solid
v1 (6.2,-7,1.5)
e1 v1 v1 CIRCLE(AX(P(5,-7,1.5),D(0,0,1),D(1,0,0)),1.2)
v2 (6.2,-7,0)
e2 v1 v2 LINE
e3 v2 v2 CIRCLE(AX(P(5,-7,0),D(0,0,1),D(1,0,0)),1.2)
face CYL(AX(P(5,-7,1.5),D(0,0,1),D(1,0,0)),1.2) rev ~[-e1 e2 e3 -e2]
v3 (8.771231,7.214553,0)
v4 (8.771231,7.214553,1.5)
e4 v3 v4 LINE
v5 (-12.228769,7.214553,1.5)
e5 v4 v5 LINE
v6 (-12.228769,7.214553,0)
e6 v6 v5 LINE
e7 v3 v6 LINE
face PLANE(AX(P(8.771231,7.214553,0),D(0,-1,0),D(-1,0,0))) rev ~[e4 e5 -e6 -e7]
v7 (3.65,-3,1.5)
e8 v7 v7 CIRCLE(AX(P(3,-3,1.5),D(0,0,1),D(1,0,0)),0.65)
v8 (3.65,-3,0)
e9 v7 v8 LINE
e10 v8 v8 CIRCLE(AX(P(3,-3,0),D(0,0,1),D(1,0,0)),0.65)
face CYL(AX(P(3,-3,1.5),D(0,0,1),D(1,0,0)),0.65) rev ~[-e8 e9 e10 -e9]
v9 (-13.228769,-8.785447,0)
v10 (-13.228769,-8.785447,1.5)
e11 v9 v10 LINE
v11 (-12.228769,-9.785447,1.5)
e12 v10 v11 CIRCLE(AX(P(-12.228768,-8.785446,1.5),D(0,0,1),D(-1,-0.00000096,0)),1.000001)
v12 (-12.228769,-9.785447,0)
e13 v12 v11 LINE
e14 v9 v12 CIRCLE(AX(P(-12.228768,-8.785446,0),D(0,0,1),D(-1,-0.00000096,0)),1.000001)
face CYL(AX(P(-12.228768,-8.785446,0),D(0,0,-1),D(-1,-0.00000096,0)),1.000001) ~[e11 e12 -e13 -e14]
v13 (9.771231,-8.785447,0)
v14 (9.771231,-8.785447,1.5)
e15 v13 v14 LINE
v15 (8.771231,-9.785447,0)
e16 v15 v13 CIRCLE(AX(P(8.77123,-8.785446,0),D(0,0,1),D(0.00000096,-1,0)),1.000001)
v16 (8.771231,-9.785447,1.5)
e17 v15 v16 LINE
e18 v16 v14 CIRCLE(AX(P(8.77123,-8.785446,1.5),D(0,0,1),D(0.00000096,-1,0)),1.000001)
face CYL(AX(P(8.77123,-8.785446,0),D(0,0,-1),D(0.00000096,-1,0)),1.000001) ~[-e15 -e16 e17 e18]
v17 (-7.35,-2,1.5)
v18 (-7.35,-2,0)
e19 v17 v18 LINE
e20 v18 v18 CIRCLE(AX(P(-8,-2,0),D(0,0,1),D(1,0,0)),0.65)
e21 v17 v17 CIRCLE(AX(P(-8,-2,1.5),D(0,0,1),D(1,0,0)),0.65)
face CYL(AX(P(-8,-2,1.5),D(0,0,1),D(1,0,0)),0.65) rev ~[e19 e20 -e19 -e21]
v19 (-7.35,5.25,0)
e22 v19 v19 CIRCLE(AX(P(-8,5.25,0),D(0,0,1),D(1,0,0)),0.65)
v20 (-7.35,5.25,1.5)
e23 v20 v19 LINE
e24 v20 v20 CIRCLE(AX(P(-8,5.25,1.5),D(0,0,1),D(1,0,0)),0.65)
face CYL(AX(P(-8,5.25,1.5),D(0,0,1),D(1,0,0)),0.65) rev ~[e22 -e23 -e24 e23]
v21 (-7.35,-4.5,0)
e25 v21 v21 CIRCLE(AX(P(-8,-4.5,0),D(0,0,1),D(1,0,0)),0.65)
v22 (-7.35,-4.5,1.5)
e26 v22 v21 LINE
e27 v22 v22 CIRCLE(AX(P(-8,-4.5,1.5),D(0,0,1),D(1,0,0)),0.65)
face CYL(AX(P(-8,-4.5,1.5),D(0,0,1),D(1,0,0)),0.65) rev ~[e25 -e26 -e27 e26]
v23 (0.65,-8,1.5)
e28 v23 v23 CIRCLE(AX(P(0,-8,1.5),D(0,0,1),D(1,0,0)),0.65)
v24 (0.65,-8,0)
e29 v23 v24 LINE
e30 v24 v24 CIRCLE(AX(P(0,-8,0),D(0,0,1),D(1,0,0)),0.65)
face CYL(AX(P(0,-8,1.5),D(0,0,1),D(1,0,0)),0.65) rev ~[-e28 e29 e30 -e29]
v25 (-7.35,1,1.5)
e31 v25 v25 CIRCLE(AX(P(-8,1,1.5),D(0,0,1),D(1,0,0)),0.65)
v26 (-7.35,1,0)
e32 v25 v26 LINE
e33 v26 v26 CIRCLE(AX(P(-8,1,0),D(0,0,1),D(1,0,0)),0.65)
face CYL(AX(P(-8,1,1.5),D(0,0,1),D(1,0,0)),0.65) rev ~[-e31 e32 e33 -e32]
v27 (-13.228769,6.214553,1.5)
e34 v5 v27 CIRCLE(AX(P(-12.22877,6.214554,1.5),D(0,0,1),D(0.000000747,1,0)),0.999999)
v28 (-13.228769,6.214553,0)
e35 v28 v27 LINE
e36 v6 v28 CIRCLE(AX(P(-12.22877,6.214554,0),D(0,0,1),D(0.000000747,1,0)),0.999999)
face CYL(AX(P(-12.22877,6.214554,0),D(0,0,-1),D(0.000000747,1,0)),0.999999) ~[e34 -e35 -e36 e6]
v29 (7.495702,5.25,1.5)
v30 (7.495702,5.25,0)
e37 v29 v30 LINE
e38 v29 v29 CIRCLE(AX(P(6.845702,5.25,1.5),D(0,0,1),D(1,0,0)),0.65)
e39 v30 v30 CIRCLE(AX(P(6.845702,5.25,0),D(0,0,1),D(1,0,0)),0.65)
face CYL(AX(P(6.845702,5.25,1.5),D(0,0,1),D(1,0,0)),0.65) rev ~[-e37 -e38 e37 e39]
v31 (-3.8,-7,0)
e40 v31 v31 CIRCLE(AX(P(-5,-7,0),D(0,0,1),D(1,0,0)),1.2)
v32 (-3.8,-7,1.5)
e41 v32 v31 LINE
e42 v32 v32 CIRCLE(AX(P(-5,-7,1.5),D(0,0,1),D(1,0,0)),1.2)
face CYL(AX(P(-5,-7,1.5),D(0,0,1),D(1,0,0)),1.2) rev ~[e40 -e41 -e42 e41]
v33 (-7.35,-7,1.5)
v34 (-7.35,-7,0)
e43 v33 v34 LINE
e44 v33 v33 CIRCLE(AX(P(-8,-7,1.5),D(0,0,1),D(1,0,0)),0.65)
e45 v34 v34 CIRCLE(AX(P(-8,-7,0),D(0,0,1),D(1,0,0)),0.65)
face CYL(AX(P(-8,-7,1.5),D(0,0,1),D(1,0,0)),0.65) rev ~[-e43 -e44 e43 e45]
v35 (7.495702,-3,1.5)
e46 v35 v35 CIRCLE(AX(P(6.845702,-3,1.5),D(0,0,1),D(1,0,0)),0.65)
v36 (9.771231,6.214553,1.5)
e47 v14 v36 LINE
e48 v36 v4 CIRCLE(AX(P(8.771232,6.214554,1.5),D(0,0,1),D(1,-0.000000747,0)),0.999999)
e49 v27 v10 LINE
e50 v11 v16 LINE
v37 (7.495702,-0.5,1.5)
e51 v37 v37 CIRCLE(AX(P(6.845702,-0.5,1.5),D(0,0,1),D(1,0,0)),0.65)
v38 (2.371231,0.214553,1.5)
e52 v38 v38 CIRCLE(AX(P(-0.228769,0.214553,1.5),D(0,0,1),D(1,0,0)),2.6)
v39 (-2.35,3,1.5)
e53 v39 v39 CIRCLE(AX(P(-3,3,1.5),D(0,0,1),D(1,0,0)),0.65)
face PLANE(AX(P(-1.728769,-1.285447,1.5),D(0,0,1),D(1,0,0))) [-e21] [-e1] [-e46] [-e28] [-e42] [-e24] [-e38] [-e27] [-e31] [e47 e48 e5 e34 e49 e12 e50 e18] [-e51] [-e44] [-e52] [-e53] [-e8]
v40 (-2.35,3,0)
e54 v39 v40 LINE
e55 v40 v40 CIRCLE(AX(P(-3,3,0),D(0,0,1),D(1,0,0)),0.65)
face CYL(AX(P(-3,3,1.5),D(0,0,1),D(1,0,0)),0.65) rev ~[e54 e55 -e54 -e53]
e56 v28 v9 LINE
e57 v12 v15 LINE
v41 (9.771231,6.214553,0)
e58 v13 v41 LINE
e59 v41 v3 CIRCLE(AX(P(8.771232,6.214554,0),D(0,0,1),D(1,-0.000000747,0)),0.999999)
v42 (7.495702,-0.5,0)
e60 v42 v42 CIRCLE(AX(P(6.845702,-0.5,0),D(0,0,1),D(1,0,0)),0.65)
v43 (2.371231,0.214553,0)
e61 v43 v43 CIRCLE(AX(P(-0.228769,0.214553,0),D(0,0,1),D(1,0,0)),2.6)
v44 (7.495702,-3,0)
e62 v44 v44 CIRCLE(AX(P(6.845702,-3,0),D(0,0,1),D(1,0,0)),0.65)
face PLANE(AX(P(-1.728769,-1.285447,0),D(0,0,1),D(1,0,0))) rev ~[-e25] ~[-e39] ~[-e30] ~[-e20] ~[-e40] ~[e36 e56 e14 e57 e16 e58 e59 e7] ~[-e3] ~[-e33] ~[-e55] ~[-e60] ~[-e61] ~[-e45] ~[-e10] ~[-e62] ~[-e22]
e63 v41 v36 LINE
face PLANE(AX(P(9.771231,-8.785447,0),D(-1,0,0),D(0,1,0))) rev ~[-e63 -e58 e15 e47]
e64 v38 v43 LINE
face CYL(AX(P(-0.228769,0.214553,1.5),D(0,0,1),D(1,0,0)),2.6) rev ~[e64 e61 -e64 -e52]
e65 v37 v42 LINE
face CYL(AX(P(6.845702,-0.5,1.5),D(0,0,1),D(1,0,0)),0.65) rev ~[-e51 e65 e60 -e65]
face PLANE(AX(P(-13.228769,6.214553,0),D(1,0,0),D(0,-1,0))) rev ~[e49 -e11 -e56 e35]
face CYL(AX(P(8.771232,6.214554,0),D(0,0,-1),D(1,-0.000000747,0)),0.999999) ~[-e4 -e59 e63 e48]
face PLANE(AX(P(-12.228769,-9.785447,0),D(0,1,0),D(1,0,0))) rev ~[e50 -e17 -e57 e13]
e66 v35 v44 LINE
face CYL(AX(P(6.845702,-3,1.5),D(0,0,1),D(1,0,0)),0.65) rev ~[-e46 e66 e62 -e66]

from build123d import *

# Parameters (mm, degrees)
F1_DEPTH  = 1.5
F3_R      = 1.2
F4_DEPTH  = 4
F5_R      = 0.65
F6_DEPTH  = 25
F7_R      = 0.65
F8_DEPTH  = 25
F9_R      = 0.65
F10_DEPTH = 25
F12_DEPTH = 25
F2_R      = 2.6
F13_DEPTH = 25
F11_R     = 0.65
F14_DEPTH = 25


with BuildPart() as f1:
    # F0 (on Top) → F1 (new body)
    with BuildSketch(Plane.XY):
        with BuildLine():
            Line((8.771231, 7.214553), (-12.228769, 7.214553))
            ThreePointArc((-12.228769, 7.214553), (-12.935876, 6.92166), (-13.228769, 6.214553))
            Line((-13.228769, 6.214553), (-13.228769, -8.785447))
            ThreePointArc((-13.228769, -8.785447), (-12.935876, -9.492553), (-12.228769, -9.785447))
            Line((-12.228769, -9.785447), (8.771231, -9.785447))
            ThreePointArc((8.771231, -9.785447), (9.478338, -9.492553), (9.771231, -8.785447))
            Line((9.771231, -8.785447), (9.771231, 6.214553))
            ThreePointArc((9.771231, 6.214553), (9.478338, 6.92166), (8.771231, 7.214553))
        make_face()
    extrude(amount=F1_DEPTH)

    # F3 (on face) → F4 (cut)
    with BuildSketch(Plane.XY.offset(1.5)):
        with Locations((-5, -7)):
            Circle(F3_R)
        with Locations((5, -7)):
            Circle(F3_R)
    extrude(amount=-F4_DEPTH, mode=Mode.SUBTRACT)

    # F5 (on face) → F6 (cut)
    with BuildSketch(Plane.XY.offset(1.5)):
        with Locations((-8, -7)):
            Circle(F5_R)
        with Locations((-8, -4.5)):
            Circle(F5_R)
        with Locations((-8, -2)):
            Circle(F5_R)
        with Locations((0, -8)):
            Circle(F5_R)
    extrude(amount=-F6_DEPTH, mode=Mode.SUBTRACT)

    # F7 (on face) → F8 (cut)
    with BuildSketch(Plane.XY.offset(1.5)):
        with Locations((6.845702, 5.25)):
            Circle(F7_R)
        with Locations((6.845702, -0.5)):
            Circle(F7_R)
        with Locations((6.845702, -3)):
            Circle(F7_R)
    extrude(amount=-F8_DEPTH, mode=Mode.SUBTRACT)

    # F9 (on face) → F10 (cut)
    with BuildSketch(Plane.XY.offset(1.5)):
        with Locations((-8, 5.25)):
            Circle(F9_R)
        with Locations((-8, 1)):
            Circle(F9_R)
    extrude(amount=-F10_DEPTH, mode=Mode.SUBTRACT)

    # F3 (on face) → F12 (cut)
    with BuildSketch(Plane.XY.offset(1.5)):
        with Locations((-5, -7)):
            Circle(F3_R)
        with Locations((5, -7)):
            Circle(F3_R)
    extrude(amount=-F12_DEPTH, mode=Mode.SUBTRACT)

    # F2 (on face) → F13 (cut)
    with BuildSketch(Plane.XY.offset(1.5)):
        with Locations((-0.228769, 0.214553)):
            Circle(F2_R)
    extrude(amount=-F13_DEPTH, mode=Mode.SUBTRACT)

    # F11 (on face) → F14 (cut)
    with BuildSketch(Plane.XY.offset(1.5)):
        with Locations((3, -3)):
            Circle(F11_R)
        with Locations((-3, 3)):
            Circle(F11_R)
    extrude(amount=-F14_DEPTH, mode=Mode.SUBTRACT)


solid = f1.part
